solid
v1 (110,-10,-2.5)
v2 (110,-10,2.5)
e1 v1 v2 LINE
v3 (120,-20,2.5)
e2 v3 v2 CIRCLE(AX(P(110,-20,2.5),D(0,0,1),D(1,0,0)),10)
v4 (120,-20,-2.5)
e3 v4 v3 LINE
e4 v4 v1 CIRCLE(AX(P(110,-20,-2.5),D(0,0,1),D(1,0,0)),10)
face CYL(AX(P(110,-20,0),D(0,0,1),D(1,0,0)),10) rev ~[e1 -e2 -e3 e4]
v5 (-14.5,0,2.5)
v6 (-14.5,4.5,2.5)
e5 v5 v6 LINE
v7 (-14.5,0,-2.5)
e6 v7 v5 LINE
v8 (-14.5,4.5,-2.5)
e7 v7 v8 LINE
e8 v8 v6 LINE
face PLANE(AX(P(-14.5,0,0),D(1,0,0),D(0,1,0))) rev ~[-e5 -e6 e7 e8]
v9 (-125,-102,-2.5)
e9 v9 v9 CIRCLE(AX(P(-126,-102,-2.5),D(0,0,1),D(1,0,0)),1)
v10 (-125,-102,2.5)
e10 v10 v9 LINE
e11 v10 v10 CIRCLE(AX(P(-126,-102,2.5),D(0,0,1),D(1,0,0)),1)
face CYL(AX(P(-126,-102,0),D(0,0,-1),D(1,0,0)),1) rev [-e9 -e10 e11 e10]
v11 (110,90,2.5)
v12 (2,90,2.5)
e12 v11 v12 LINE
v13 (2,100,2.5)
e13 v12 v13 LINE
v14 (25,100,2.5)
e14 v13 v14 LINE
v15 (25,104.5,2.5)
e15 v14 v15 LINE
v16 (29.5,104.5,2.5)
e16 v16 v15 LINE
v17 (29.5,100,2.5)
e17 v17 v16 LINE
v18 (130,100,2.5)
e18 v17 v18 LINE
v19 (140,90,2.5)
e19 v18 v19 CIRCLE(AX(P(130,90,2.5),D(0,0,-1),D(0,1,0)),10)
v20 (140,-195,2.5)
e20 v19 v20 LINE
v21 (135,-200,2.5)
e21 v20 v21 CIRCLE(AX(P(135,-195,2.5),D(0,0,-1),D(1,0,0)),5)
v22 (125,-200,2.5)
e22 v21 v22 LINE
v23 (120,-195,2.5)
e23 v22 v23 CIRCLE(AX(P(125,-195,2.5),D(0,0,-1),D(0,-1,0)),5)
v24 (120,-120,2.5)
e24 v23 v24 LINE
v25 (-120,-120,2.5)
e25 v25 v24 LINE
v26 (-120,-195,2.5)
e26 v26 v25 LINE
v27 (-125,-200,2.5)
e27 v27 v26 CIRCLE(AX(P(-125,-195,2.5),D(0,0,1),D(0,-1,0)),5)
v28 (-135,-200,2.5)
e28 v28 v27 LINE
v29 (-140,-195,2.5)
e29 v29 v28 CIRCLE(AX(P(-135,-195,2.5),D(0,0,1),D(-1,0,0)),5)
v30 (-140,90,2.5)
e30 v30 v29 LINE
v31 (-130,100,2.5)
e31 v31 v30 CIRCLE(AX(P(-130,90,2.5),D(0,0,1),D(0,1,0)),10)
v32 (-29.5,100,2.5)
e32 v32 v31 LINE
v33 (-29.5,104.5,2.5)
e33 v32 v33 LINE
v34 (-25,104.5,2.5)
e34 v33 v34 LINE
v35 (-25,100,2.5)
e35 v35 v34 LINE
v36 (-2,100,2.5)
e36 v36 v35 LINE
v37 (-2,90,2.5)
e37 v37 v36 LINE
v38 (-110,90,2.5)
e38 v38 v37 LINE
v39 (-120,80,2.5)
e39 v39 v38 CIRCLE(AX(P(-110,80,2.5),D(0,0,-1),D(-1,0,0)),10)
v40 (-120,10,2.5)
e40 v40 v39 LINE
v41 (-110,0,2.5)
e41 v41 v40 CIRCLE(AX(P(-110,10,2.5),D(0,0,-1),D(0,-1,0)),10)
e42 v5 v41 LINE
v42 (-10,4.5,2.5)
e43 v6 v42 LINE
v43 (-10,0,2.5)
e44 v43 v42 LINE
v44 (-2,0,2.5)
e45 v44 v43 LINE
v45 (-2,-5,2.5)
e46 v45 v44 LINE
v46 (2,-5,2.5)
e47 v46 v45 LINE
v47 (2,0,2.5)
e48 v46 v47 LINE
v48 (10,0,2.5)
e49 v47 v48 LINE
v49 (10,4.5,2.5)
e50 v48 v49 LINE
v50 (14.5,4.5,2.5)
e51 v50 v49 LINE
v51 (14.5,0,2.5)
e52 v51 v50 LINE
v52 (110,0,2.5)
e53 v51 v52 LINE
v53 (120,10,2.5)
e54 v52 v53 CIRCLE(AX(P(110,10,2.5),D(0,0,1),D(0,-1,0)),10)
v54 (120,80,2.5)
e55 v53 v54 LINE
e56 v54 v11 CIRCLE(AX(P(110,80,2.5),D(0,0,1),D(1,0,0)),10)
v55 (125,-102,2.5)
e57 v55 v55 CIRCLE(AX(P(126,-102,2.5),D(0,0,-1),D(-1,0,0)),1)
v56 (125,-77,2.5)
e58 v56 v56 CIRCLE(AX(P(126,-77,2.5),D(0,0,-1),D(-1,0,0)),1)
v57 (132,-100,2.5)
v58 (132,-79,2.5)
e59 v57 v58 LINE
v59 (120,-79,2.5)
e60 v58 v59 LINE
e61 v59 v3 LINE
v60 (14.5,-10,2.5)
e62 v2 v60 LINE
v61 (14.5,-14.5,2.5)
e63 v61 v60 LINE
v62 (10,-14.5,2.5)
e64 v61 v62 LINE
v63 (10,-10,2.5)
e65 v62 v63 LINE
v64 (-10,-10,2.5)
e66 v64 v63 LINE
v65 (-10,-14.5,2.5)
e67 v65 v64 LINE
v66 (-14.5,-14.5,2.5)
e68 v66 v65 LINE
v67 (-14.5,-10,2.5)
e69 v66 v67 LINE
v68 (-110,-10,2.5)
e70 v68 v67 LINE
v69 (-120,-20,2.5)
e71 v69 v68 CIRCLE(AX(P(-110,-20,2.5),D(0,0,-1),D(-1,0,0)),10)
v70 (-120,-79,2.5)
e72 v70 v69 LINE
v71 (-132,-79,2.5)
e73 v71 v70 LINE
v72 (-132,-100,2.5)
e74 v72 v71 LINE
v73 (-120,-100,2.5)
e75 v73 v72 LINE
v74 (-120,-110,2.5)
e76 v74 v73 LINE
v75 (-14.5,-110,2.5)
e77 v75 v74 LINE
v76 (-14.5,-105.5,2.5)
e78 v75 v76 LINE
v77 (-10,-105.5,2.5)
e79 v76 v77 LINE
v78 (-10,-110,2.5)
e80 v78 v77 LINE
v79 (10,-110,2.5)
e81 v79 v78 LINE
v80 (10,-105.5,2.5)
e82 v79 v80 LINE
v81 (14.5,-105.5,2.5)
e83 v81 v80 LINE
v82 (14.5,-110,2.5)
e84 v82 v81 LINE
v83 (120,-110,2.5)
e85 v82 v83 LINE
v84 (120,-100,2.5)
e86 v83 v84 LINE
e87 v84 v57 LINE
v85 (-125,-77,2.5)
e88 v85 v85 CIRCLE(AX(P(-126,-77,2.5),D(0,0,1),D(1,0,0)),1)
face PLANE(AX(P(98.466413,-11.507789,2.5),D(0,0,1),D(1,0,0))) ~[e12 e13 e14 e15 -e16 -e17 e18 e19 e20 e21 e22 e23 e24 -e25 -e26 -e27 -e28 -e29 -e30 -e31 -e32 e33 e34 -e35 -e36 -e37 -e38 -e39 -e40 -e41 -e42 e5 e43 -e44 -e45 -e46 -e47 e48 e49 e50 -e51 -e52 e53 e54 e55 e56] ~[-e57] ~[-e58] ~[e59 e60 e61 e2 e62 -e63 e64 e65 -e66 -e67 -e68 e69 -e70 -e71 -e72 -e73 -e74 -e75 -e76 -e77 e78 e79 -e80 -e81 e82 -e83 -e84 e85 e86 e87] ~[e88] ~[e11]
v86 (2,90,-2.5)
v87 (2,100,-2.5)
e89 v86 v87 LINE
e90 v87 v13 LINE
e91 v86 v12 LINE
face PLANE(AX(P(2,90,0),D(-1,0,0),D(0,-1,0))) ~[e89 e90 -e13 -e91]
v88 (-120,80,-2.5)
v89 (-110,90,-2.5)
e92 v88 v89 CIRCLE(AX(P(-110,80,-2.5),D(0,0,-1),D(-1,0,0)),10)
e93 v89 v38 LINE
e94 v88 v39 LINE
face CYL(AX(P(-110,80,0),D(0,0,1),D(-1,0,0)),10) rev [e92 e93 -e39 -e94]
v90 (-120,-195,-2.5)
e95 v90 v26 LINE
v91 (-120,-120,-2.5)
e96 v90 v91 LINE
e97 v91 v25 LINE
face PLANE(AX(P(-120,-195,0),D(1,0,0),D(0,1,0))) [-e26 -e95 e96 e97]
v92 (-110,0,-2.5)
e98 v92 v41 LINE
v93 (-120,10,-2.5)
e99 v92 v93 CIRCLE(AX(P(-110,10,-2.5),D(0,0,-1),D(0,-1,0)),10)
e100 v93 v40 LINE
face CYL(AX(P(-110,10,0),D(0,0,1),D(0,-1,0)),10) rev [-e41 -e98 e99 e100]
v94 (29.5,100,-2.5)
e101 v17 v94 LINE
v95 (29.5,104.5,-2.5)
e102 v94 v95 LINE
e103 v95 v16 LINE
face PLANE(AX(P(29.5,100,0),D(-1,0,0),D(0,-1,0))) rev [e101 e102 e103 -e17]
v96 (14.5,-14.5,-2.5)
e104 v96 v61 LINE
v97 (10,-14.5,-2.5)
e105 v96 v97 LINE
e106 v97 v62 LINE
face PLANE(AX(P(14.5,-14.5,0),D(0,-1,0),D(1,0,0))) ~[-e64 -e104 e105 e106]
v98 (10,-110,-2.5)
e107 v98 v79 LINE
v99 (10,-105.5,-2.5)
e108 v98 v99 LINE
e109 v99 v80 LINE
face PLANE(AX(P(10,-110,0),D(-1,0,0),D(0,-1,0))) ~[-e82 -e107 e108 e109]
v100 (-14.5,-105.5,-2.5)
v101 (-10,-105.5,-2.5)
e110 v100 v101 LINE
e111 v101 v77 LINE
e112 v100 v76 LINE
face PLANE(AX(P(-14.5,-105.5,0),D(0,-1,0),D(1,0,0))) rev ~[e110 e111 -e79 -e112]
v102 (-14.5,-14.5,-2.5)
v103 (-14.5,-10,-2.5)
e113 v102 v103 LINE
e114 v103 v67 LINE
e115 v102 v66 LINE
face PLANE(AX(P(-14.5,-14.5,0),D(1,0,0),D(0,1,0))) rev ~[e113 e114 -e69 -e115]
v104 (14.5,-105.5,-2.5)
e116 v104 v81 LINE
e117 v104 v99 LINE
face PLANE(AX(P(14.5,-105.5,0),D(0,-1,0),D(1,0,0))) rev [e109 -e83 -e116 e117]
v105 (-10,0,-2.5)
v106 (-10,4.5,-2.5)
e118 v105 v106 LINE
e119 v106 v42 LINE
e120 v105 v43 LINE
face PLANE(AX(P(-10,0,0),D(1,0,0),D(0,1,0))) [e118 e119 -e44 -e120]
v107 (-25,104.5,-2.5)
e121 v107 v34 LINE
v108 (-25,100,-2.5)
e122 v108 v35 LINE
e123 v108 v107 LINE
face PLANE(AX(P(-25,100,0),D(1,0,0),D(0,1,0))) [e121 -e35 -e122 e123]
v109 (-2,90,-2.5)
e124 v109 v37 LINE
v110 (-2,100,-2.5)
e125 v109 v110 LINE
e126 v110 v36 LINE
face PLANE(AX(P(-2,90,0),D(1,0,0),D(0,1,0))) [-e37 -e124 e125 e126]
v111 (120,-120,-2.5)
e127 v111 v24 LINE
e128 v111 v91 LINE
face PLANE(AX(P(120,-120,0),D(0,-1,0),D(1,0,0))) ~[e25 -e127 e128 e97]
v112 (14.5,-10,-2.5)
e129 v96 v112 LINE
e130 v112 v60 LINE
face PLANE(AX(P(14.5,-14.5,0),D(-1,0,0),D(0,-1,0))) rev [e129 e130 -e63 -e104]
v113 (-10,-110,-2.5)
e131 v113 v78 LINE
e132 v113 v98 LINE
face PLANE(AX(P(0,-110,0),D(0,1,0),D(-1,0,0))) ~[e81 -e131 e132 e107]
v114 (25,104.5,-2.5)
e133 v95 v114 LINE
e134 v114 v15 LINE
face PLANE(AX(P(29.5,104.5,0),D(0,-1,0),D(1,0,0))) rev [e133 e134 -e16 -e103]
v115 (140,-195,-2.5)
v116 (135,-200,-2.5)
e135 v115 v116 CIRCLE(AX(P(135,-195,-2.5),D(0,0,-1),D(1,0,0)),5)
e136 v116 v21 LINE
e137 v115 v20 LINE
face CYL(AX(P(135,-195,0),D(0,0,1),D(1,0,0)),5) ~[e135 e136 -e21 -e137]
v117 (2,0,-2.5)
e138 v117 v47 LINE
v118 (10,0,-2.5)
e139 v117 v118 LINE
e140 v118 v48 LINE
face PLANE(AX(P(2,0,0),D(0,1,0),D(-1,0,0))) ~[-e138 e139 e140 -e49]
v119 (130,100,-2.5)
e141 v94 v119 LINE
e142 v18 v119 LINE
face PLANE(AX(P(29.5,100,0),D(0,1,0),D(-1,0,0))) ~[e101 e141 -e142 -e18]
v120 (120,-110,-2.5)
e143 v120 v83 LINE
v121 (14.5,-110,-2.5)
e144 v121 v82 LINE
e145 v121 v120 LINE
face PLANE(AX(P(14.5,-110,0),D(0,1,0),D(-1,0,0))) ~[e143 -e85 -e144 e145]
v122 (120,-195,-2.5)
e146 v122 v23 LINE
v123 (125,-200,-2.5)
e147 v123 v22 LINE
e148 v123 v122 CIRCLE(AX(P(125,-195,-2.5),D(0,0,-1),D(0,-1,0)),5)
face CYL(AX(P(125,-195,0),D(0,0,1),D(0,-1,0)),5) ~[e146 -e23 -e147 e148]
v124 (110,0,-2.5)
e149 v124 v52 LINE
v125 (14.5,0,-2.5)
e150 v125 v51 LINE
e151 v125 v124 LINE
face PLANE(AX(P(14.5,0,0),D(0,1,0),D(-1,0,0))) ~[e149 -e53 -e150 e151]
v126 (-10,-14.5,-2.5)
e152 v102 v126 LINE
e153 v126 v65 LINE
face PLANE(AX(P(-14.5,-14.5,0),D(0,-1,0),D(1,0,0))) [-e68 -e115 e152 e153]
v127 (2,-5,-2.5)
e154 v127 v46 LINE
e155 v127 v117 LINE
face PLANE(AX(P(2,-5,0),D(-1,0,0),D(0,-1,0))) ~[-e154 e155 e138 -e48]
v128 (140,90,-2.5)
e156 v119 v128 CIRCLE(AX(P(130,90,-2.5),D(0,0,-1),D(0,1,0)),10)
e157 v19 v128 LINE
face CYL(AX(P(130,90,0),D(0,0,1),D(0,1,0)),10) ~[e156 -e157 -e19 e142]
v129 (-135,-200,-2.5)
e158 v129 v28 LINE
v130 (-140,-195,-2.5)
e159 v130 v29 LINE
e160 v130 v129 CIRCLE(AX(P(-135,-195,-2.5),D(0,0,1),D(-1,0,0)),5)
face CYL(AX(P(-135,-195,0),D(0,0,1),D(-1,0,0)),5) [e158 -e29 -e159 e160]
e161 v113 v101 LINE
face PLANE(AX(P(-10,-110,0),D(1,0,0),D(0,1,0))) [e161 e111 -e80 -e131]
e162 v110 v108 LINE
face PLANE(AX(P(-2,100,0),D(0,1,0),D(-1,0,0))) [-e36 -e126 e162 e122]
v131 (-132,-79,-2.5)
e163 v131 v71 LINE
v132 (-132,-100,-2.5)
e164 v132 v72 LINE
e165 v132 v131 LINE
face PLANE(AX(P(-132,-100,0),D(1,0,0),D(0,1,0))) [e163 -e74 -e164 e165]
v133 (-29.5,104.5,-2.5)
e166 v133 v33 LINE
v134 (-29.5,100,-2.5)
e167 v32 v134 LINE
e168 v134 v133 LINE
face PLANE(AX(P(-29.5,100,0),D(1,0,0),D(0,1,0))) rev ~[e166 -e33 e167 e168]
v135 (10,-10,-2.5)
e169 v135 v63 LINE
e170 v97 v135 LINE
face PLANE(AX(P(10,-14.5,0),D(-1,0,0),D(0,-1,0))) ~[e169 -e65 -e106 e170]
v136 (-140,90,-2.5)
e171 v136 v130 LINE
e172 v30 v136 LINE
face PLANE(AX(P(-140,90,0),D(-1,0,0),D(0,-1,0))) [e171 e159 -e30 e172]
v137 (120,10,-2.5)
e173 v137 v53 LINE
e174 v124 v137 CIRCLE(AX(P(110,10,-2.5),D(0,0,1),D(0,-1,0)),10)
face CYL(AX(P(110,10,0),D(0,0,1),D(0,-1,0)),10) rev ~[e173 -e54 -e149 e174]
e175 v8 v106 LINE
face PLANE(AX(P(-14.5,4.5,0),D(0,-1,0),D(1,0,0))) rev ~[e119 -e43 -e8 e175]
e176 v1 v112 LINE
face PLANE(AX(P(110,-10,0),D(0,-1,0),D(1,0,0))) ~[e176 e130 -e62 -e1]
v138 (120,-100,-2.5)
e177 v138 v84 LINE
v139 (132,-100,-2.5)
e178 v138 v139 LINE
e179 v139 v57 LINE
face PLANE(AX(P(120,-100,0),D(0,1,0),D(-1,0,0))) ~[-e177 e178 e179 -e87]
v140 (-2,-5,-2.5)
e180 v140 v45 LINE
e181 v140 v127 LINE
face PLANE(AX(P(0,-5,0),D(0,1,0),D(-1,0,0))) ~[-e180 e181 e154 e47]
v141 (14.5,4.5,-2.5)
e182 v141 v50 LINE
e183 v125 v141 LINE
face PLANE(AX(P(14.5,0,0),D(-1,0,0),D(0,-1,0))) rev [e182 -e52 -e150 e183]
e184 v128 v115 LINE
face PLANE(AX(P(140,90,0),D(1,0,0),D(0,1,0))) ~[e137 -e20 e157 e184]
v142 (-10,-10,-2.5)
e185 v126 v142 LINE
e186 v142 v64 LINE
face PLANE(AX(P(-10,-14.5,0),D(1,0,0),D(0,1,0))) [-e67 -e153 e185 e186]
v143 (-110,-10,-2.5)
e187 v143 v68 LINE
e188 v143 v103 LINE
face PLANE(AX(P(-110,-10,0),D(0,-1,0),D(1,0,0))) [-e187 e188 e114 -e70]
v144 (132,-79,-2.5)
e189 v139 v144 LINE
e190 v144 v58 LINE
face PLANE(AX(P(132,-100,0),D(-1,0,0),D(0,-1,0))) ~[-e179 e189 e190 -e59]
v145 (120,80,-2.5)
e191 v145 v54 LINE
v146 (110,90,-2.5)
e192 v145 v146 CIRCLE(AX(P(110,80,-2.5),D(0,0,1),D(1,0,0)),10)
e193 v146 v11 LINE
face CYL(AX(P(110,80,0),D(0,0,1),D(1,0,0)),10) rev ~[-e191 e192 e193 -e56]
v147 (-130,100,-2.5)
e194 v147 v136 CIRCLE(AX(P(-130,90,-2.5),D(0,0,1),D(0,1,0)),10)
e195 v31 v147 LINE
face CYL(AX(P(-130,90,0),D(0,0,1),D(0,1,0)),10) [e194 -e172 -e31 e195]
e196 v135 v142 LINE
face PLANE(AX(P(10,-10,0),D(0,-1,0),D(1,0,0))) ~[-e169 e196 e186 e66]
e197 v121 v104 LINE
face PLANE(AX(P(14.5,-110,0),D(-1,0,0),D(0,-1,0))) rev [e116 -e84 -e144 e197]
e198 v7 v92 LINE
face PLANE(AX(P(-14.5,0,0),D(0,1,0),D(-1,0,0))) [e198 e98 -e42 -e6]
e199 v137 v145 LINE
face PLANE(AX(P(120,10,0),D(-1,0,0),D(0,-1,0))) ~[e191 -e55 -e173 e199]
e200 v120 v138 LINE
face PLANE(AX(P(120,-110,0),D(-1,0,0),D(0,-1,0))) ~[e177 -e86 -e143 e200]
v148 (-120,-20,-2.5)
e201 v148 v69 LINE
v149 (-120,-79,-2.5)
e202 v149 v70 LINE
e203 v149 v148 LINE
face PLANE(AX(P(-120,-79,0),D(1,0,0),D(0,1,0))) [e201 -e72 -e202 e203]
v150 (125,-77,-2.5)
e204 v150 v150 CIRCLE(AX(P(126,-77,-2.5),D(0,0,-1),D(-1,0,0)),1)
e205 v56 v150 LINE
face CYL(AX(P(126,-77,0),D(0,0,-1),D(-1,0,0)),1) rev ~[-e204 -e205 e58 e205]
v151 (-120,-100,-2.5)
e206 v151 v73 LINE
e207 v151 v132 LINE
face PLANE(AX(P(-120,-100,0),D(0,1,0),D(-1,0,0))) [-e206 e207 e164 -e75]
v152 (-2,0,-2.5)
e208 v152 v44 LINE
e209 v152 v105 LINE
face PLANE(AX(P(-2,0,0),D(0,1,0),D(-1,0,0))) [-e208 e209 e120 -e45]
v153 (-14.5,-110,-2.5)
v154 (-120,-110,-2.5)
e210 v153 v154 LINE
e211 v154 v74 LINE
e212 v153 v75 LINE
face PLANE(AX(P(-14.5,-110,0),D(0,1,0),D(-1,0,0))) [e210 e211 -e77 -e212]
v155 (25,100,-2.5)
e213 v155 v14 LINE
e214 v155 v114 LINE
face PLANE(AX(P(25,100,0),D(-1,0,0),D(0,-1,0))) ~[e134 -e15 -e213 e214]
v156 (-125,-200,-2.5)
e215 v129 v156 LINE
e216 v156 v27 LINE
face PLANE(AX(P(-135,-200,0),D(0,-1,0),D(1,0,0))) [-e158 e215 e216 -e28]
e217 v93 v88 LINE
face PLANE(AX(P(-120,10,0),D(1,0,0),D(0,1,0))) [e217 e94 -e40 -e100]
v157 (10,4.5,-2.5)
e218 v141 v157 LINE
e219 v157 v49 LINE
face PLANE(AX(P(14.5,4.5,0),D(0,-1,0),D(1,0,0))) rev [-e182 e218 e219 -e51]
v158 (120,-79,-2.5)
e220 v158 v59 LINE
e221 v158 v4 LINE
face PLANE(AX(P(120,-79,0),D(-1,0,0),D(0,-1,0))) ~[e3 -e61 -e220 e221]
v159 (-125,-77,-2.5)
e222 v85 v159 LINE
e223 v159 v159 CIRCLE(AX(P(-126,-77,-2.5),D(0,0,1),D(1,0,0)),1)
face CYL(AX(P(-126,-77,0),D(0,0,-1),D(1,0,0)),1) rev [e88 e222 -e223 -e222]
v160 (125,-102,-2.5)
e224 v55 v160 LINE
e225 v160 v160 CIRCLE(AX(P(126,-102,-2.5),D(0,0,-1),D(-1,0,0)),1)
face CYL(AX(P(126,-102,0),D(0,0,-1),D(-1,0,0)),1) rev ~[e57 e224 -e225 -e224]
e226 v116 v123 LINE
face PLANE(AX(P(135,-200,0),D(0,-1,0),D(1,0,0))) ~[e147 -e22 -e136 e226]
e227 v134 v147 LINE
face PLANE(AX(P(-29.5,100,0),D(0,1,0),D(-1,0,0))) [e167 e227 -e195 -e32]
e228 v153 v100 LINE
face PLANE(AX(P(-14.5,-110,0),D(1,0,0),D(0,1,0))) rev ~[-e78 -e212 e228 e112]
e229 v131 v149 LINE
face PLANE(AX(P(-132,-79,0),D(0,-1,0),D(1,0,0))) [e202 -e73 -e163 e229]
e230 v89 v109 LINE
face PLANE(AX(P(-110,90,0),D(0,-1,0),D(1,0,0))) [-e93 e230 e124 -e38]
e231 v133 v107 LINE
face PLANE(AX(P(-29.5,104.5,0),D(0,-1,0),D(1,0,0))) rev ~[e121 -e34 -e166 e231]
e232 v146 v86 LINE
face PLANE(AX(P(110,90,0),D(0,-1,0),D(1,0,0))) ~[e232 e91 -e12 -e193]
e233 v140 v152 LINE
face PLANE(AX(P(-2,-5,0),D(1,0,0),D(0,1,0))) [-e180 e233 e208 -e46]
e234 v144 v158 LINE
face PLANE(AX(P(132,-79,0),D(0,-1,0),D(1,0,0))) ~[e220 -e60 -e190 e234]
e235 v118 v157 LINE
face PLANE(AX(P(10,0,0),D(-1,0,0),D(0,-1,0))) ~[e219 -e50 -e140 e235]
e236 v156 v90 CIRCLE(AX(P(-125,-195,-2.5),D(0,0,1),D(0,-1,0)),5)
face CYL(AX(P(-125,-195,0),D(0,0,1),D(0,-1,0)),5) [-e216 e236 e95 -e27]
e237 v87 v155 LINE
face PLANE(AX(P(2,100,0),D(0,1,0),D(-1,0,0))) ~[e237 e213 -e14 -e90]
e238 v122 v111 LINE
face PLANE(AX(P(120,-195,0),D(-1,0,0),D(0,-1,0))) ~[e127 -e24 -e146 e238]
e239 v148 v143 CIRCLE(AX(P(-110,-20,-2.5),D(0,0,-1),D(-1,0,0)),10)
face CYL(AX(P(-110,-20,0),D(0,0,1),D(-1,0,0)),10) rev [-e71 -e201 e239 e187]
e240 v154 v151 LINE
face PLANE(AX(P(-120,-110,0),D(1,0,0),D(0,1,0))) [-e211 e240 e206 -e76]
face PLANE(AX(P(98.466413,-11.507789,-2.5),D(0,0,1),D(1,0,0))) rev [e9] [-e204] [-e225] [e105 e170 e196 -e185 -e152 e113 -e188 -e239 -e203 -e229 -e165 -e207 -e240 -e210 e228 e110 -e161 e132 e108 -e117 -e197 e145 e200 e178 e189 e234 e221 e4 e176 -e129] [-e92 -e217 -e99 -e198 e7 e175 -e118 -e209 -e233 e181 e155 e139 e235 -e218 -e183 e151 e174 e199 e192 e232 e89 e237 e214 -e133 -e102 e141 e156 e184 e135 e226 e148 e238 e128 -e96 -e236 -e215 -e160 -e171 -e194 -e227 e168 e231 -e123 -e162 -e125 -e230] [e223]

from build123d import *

# Parameters (mm, degrees)
SKETCH1_R           = 1
SKETCH1_W           = 4.5
SKETCH1_H           = 4.5
BOSS_EXTRUDE1_DEPTH = 2.5


with BuildPart() as part:
    # Sketch1 → Boss-Extrude1 (new body, symmetric)
    with BuildSketch(Plane.XY):
        with BuildLine():
            Line((-140, 90), (-140, -195))
            ThreePointArc((-140, -195), (-138.535533906, -198.535533906), (-135, -200))
            Line((-135, -200), (-125, -200))
            ThreePointArc((-125, -200), (-121.464466094, -198.535533906), (-120, -195))
            Line((-120, -195), (-120, -100))
            Line((-120, -100), (-132, -100))
            Line((-132, -100), (-132, -79))
            Line((-132, -79), (-120, -79))
            Line((-120, -79), (-120, -20))
            ThreePointArc((-120, -20), (-117.071067812, -12.928932188), (-110, -10))
            Line((-110, -10), (0, -10))
            Line((0, -10), (0, -5))
            Line((0, -5), (-2, -5))
            Line((-2, -5), (-2, 0))
            Line((-2, 0), (-110, 0))
            ThreePointArc((-110, 0), (-117.071067812, 2.928932188), (-120, 10))
            Line((-120, 10), (-120, 80))
            ThreePointArc((-120, 80), (-117.071067812, 87.071067812), (-110, 90))
            Line((-110, 90), (-2, 90))
            Line((-2, 90), (-2, 100))
            Line((-2, 100), (-120, 100))
            Line((-120, 100), (-130, 100))
            ThreePointArc((-130, 100), (-137.071067812, 97.071067812), (-140, 90))
        make_face()
        with Locations((-126, -77)):
            Circle(SKETCH1_R, mode=Mode.SUBTRACT)
        with Locations((-126, -102)):
            Circle(SKETCH1_R, mode=Mode.SUBTRACT)
        Polygon((-14.5, -110), (-120, -110), (-120, -120), (0, -120), (0, -110), (-10, -110), align=None)
        with Locations((-12.25, -107.75)):
            Rectangle(SKETCH1_W, SKETCH1_H)
        with Locations((-12.25, 2.25)):
            Rectangle(SKETCH1_W, SKETCH1_H)
        with Locations((-12.25, -12.25)):
            Rectangle(SKETCH1_W, SKETCH1_H)
        with Locations((-27.25, 102.25)):
            Rectangle(SKETCH1_W, SKETCH1_H)
    boss_extrude1 = extrude(amount=BOSS_EXTRUDE1_DEPTH, both=True)

    # Mirror1: Boss-Extrude1 across plane
    add(boss_extrude1.mirror(Plane(origin=(0, 0, 0), x_dir=(0, 0, 1), z_dir=(1, 0, 0))))


solid = part.part
